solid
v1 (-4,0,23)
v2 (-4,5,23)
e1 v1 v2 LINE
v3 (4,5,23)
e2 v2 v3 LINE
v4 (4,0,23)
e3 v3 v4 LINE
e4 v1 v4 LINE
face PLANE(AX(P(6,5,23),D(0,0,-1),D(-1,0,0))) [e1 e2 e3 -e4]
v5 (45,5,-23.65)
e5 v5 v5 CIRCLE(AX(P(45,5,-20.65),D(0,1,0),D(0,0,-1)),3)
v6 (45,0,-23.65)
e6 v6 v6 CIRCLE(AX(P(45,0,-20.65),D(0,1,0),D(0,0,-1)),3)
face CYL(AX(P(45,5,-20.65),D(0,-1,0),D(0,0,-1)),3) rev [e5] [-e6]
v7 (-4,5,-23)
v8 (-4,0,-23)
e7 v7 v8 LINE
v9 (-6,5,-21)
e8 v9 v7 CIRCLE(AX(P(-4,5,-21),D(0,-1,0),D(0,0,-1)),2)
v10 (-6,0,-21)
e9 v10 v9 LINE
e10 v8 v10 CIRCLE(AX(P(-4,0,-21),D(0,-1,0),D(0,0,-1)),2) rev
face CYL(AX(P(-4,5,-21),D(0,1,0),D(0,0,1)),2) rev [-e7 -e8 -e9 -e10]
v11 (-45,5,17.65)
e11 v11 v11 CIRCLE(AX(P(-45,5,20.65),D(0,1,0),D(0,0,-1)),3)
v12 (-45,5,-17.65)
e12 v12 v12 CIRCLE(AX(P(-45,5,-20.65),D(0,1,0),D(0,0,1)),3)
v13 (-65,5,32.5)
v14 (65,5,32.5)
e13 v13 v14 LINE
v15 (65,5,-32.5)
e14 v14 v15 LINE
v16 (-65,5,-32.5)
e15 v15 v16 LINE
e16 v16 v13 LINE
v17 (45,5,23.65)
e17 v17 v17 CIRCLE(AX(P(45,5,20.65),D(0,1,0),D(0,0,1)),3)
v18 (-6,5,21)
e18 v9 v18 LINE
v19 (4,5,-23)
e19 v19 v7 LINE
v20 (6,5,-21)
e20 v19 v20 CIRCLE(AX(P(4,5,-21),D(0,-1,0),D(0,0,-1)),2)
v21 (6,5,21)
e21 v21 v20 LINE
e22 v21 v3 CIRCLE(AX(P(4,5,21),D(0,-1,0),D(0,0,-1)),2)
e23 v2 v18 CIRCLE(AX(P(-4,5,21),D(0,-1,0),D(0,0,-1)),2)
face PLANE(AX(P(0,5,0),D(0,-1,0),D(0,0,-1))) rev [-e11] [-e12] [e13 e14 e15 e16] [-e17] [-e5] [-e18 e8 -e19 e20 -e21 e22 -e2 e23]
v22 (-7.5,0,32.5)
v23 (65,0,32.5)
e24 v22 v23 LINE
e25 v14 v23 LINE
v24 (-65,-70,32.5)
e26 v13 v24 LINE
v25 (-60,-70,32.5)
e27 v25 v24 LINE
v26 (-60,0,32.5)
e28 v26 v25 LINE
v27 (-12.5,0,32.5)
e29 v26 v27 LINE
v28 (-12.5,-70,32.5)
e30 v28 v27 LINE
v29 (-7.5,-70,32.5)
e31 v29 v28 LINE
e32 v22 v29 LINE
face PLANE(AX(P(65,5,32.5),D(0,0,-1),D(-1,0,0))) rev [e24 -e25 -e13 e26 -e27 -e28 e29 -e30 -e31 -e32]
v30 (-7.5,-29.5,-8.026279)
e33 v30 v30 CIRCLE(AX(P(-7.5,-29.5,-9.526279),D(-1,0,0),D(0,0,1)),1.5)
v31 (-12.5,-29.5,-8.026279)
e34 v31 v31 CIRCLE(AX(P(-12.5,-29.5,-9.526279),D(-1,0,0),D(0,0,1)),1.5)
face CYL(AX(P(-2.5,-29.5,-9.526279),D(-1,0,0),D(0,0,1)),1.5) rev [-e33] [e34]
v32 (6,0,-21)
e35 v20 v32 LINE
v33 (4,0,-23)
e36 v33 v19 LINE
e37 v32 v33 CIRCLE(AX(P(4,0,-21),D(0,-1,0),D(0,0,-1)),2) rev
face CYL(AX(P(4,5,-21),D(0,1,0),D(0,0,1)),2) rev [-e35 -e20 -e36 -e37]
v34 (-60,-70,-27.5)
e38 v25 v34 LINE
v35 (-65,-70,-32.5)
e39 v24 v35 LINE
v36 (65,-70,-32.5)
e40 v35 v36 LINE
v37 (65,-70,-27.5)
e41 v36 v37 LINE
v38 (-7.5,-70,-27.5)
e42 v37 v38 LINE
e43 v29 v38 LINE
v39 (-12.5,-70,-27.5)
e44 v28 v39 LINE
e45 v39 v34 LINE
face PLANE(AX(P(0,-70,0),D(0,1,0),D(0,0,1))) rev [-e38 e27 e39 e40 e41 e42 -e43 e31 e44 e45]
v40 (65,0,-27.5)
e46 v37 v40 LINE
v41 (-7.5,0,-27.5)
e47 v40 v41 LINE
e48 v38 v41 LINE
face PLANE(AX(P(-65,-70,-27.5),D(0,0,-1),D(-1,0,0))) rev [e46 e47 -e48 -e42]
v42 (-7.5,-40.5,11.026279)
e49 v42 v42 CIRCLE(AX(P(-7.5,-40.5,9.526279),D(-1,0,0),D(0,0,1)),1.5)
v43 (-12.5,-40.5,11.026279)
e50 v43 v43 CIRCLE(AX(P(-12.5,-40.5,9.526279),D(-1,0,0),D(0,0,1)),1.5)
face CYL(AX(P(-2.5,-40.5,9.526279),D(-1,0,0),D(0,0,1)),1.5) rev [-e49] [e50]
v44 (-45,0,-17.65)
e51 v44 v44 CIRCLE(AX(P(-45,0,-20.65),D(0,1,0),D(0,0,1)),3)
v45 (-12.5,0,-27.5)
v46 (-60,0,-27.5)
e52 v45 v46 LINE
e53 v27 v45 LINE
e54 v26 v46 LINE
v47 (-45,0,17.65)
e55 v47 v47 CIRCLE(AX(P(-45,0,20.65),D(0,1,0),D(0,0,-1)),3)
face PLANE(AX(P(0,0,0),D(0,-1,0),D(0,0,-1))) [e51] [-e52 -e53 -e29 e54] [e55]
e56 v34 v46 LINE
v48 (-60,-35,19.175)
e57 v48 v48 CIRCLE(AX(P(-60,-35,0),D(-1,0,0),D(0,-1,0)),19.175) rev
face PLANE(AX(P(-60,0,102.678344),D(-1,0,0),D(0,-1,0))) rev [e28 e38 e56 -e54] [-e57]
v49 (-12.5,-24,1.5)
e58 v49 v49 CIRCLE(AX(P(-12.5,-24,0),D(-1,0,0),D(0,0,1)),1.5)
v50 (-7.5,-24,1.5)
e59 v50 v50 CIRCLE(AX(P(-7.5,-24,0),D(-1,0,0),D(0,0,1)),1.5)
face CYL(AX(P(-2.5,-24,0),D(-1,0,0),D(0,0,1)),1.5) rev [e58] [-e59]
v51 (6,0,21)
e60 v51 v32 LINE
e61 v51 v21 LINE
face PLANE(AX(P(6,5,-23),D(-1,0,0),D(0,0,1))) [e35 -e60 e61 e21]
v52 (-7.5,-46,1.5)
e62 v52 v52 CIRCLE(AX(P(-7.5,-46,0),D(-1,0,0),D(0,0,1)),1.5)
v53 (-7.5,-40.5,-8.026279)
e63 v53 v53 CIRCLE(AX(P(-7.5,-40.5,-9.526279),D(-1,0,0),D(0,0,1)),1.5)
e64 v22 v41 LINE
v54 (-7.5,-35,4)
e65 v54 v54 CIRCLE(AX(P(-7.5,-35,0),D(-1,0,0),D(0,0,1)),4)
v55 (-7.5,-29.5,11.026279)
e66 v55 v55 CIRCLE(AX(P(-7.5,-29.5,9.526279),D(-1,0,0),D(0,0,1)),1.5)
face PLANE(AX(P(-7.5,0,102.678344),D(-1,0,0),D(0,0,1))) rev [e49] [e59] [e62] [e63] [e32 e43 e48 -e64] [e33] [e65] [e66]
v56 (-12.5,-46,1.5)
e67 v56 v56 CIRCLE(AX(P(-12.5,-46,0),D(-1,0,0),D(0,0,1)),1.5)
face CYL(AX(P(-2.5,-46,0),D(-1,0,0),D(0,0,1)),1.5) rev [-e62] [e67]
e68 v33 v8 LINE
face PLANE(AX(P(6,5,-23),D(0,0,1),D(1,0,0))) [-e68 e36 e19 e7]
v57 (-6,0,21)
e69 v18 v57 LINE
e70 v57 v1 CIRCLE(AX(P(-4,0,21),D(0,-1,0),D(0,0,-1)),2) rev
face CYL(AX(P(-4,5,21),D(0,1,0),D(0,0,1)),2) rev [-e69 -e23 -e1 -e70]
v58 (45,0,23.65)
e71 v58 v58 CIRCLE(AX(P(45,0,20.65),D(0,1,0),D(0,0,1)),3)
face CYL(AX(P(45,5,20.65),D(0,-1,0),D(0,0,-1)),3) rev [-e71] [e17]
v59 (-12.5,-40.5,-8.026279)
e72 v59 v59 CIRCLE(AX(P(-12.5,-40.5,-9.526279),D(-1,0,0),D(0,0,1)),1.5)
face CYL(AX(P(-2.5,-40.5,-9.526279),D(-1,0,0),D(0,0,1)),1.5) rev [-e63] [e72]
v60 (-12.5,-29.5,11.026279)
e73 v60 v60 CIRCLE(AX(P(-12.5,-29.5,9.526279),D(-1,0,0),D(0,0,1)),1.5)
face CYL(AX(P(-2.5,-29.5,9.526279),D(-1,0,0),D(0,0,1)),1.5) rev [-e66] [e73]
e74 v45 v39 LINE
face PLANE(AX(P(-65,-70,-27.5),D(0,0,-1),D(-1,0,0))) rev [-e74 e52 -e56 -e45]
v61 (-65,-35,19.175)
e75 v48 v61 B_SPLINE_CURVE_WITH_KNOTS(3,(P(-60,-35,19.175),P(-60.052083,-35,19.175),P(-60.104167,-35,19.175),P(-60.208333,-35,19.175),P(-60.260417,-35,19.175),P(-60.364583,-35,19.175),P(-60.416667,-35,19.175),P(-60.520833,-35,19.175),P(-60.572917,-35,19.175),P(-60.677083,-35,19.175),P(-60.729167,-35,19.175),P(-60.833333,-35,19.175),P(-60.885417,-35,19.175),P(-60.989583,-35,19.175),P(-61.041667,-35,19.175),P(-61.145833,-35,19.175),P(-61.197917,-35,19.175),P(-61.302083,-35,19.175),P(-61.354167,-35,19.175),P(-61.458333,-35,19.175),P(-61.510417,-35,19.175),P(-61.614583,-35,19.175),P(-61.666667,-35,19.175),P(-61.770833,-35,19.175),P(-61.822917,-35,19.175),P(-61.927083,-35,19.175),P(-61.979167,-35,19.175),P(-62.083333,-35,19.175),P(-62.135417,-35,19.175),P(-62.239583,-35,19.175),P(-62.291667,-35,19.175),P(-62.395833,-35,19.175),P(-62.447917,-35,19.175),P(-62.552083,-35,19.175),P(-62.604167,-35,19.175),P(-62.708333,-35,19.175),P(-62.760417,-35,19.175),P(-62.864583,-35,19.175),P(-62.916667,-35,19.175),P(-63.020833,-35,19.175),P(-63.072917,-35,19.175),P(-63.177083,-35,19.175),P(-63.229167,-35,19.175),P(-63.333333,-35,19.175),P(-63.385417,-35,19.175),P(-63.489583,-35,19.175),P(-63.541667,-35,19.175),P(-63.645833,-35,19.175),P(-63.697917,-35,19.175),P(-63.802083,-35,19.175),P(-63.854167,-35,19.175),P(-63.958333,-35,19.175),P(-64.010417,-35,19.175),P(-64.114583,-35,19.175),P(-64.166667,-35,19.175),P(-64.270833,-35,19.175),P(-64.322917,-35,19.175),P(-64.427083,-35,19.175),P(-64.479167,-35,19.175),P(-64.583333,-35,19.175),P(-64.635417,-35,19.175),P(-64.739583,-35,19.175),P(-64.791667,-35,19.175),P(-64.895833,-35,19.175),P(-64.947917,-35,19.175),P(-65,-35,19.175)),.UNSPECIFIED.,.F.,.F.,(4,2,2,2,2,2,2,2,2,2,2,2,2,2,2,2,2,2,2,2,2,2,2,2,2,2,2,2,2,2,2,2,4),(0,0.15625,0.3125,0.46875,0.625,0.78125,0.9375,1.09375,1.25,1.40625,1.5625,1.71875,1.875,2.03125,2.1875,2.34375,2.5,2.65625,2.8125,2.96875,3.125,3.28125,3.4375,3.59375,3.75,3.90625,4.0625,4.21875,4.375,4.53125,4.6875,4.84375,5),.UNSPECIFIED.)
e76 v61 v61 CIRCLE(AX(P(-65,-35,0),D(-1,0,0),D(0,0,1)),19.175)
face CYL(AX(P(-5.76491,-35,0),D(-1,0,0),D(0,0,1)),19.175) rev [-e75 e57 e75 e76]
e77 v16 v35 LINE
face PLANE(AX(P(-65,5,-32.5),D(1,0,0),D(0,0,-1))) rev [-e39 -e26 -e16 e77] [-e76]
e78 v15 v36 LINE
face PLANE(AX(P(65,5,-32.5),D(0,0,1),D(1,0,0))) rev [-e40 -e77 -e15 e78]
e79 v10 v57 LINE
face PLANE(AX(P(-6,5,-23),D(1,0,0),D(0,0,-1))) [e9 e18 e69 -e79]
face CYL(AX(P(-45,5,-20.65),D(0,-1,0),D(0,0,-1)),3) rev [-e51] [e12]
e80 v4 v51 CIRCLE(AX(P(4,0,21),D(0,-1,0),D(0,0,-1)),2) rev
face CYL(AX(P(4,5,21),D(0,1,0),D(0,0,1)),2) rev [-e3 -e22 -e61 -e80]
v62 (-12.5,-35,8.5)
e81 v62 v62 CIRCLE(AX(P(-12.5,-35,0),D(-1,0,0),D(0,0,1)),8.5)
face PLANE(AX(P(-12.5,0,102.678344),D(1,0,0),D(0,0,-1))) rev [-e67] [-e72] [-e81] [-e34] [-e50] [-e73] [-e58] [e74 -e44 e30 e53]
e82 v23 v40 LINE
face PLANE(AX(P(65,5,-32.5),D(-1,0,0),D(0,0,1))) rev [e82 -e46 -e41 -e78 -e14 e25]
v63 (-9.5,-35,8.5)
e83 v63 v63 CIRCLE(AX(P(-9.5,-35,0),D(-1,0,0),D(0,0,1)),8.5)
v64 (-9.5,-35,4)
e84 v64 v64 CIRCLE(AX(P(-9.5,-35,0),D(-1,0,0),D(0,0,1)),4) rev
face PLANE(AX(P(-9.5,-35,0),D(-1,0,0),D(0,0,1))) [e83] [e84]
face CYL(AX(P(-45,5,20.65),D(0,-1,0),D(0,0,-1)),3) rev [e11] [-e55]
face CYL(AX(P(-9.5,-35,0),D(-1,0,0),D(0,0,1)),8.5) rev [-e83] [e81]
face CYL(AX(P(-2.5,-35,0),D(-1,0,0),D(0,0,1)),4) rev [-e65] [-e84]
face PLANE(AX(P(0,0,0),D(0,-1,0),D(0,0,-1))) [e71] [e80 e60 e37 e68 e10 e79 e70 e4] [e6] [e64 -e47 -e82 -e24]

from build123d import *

# Parameters (mm, degrees)
SKETCH1_W           = 130
SKETCH1_H           = 65
SKETCH1_R           = 3
SKETCH1_W_2         = 12
SKETCH1_H_2         = 46
BOSS_EXTRUDE1_DEPTH = 5
FILLET1_R           = 2
SKETCH2_W           = 130
SKETCH2_H           = 5
BOSS_EXTRUDE2_DEPTH = 70
SKETCH3_W           = 5
SKETCH3_H           = 70
BOSS_EXTRUDE3_DEPTH = 60
SKETCH4_R           = 4
SKETCH4_R_2         = 1.5
CUT_EXTRUDE1_DEPTH  = 10
SKETCH5_R           = 8.5
CUT_EXTRUDE2_DEPTH  = 3
SKETCH6_W           = 5
SKETCH6_H           = 70
BOSS_EXTRUDE4_DEPTH = 60
SKETCH7_R           = 19.175
CUT_EXTRUDE3_DEPTH  = 5


with BuildPart() as part:
    # Sketch1 → Boss-Extrude1 (new body)
    with BuildSketch(Plane(origin=(0, 0, 0), x_dir=(1, 0, 0), z_dir=(0, 1, 0))):
        Rectangle(SKETCH1_W, SKETCH1_H)
        with Locations(Location((-45, 20.65, 0), (0, 0, 270))):
            Circle(SKETCH1_R, mode=Mode.SUBTRACT)
        with Locations(Location((-45, -20.65, 0), (0, 0, 90))):
            Circle(SKETCH1_R, mode=Mode.SUBTRACT)
        with Locations(Location((45, 20.65, 0), (0, 0, 90))):
            Circle(SKETCH1_R, mode=Mode.SUBTRACT)
        with Locations(Location((45, -20.65, 0), (0, 0, 270))):
            Circle(SKETCH1_R, mode=Mode.SUBTRACT)
        Rectangle(SKETCH1_W_2, SKETCH1_H_2, mode=Mode.SUBTRACT)
    extrude(amount=BOSS_EXTRUDE1_DEPTH)

    # Fillet1
    fillet1_edges = [part.edges().sort_by_distance(p)[0] for p in [
        (-6, 2.5, -23),
        (-6, 2.5, 23),
        (6, 2.5, 23),
        (6, 2.5, -23),
    ]]
    fillet(fillet1_edges, radius=FILLET1_R)

    # Sketch2 → Boss-Extrude2 (add)
    with BuildSketch(Plane.XZ):
        with Locations((0, -30)):
            Rectangle(SKETCH2_W, SKETCH2_H)
    extrude(amount=BOSS_EXTRUDE2_DEPTH)

    # Sketch3 → Boss-Extrude3 (add)
    with BuildSketch(Plane.XY.offset(-27.5)):
        with Locations((-10, -35)):
            Rectangle(SKETCH3_W, SKETCH3_H)
    extrude(amount=BOSS_EXTRUDE3_DEPTH)

    # Sketch4 → Cut-Extrude1 (cut)
    with BuildSketch(Plane.ZY.offset(12.5)):
        with Locations((0, -35)):
            Circle(SKETCH4_R)
        with Locations((0, -24)):
            Circle(SKETCH4_R_2)
        with Locations((-9.526279442, -29.5)):
            Circle(SKETCH4_R_2)
        with Locations((-9.526279442, -40.5)):
            Circle(SKETCH4_R_2)
        with Locations((0, -46)):
            Circle(SKETCH4_R_2)
        with Locations((9.526279442, -40.5)):
            Circle(SKETCH4_R_2)
        with Locations((9.526279442, -29.5)):
            Circle(SKETCH4_R_2)
    extrude(amount=-CUT_EXTRUDE1_DEPTH, mode=Mode.SUBTRACT)

    # Sketch5 → Cut-Extrude2 (cut)
    with BuildSketch(Plane.ZY.offset(12.5)):
        with Locations((0, -35)):
            Circle(SKETCH5_R)
    extrude(amount=-CUT_EXTRUDE2_DEPTH, mode=Mode.SUBTRACT)

    # Sketch6 → Boss-Extrude4 (add)
    with BuildSketch(Plane.XY.offset(-27.5)):
        with Locations((-62.5, -35)):
            Rectangle(SKETCH6_W, SKETCH6_H)
    extrude(amount=BOSS_EXTRUDE4_DEPTH)

    # Sketch7 → Cut-Extrude3 (cut)
    with BuildSketch(Plane.ZY.offset(65)):
        with Locations((0, -35)):
            Circle(SKETCH7_R)
    extrude(amount=-CUT_EXTRUDE3_DEPTH, mode=Mode.SUBTRACT)


solid = part.part
